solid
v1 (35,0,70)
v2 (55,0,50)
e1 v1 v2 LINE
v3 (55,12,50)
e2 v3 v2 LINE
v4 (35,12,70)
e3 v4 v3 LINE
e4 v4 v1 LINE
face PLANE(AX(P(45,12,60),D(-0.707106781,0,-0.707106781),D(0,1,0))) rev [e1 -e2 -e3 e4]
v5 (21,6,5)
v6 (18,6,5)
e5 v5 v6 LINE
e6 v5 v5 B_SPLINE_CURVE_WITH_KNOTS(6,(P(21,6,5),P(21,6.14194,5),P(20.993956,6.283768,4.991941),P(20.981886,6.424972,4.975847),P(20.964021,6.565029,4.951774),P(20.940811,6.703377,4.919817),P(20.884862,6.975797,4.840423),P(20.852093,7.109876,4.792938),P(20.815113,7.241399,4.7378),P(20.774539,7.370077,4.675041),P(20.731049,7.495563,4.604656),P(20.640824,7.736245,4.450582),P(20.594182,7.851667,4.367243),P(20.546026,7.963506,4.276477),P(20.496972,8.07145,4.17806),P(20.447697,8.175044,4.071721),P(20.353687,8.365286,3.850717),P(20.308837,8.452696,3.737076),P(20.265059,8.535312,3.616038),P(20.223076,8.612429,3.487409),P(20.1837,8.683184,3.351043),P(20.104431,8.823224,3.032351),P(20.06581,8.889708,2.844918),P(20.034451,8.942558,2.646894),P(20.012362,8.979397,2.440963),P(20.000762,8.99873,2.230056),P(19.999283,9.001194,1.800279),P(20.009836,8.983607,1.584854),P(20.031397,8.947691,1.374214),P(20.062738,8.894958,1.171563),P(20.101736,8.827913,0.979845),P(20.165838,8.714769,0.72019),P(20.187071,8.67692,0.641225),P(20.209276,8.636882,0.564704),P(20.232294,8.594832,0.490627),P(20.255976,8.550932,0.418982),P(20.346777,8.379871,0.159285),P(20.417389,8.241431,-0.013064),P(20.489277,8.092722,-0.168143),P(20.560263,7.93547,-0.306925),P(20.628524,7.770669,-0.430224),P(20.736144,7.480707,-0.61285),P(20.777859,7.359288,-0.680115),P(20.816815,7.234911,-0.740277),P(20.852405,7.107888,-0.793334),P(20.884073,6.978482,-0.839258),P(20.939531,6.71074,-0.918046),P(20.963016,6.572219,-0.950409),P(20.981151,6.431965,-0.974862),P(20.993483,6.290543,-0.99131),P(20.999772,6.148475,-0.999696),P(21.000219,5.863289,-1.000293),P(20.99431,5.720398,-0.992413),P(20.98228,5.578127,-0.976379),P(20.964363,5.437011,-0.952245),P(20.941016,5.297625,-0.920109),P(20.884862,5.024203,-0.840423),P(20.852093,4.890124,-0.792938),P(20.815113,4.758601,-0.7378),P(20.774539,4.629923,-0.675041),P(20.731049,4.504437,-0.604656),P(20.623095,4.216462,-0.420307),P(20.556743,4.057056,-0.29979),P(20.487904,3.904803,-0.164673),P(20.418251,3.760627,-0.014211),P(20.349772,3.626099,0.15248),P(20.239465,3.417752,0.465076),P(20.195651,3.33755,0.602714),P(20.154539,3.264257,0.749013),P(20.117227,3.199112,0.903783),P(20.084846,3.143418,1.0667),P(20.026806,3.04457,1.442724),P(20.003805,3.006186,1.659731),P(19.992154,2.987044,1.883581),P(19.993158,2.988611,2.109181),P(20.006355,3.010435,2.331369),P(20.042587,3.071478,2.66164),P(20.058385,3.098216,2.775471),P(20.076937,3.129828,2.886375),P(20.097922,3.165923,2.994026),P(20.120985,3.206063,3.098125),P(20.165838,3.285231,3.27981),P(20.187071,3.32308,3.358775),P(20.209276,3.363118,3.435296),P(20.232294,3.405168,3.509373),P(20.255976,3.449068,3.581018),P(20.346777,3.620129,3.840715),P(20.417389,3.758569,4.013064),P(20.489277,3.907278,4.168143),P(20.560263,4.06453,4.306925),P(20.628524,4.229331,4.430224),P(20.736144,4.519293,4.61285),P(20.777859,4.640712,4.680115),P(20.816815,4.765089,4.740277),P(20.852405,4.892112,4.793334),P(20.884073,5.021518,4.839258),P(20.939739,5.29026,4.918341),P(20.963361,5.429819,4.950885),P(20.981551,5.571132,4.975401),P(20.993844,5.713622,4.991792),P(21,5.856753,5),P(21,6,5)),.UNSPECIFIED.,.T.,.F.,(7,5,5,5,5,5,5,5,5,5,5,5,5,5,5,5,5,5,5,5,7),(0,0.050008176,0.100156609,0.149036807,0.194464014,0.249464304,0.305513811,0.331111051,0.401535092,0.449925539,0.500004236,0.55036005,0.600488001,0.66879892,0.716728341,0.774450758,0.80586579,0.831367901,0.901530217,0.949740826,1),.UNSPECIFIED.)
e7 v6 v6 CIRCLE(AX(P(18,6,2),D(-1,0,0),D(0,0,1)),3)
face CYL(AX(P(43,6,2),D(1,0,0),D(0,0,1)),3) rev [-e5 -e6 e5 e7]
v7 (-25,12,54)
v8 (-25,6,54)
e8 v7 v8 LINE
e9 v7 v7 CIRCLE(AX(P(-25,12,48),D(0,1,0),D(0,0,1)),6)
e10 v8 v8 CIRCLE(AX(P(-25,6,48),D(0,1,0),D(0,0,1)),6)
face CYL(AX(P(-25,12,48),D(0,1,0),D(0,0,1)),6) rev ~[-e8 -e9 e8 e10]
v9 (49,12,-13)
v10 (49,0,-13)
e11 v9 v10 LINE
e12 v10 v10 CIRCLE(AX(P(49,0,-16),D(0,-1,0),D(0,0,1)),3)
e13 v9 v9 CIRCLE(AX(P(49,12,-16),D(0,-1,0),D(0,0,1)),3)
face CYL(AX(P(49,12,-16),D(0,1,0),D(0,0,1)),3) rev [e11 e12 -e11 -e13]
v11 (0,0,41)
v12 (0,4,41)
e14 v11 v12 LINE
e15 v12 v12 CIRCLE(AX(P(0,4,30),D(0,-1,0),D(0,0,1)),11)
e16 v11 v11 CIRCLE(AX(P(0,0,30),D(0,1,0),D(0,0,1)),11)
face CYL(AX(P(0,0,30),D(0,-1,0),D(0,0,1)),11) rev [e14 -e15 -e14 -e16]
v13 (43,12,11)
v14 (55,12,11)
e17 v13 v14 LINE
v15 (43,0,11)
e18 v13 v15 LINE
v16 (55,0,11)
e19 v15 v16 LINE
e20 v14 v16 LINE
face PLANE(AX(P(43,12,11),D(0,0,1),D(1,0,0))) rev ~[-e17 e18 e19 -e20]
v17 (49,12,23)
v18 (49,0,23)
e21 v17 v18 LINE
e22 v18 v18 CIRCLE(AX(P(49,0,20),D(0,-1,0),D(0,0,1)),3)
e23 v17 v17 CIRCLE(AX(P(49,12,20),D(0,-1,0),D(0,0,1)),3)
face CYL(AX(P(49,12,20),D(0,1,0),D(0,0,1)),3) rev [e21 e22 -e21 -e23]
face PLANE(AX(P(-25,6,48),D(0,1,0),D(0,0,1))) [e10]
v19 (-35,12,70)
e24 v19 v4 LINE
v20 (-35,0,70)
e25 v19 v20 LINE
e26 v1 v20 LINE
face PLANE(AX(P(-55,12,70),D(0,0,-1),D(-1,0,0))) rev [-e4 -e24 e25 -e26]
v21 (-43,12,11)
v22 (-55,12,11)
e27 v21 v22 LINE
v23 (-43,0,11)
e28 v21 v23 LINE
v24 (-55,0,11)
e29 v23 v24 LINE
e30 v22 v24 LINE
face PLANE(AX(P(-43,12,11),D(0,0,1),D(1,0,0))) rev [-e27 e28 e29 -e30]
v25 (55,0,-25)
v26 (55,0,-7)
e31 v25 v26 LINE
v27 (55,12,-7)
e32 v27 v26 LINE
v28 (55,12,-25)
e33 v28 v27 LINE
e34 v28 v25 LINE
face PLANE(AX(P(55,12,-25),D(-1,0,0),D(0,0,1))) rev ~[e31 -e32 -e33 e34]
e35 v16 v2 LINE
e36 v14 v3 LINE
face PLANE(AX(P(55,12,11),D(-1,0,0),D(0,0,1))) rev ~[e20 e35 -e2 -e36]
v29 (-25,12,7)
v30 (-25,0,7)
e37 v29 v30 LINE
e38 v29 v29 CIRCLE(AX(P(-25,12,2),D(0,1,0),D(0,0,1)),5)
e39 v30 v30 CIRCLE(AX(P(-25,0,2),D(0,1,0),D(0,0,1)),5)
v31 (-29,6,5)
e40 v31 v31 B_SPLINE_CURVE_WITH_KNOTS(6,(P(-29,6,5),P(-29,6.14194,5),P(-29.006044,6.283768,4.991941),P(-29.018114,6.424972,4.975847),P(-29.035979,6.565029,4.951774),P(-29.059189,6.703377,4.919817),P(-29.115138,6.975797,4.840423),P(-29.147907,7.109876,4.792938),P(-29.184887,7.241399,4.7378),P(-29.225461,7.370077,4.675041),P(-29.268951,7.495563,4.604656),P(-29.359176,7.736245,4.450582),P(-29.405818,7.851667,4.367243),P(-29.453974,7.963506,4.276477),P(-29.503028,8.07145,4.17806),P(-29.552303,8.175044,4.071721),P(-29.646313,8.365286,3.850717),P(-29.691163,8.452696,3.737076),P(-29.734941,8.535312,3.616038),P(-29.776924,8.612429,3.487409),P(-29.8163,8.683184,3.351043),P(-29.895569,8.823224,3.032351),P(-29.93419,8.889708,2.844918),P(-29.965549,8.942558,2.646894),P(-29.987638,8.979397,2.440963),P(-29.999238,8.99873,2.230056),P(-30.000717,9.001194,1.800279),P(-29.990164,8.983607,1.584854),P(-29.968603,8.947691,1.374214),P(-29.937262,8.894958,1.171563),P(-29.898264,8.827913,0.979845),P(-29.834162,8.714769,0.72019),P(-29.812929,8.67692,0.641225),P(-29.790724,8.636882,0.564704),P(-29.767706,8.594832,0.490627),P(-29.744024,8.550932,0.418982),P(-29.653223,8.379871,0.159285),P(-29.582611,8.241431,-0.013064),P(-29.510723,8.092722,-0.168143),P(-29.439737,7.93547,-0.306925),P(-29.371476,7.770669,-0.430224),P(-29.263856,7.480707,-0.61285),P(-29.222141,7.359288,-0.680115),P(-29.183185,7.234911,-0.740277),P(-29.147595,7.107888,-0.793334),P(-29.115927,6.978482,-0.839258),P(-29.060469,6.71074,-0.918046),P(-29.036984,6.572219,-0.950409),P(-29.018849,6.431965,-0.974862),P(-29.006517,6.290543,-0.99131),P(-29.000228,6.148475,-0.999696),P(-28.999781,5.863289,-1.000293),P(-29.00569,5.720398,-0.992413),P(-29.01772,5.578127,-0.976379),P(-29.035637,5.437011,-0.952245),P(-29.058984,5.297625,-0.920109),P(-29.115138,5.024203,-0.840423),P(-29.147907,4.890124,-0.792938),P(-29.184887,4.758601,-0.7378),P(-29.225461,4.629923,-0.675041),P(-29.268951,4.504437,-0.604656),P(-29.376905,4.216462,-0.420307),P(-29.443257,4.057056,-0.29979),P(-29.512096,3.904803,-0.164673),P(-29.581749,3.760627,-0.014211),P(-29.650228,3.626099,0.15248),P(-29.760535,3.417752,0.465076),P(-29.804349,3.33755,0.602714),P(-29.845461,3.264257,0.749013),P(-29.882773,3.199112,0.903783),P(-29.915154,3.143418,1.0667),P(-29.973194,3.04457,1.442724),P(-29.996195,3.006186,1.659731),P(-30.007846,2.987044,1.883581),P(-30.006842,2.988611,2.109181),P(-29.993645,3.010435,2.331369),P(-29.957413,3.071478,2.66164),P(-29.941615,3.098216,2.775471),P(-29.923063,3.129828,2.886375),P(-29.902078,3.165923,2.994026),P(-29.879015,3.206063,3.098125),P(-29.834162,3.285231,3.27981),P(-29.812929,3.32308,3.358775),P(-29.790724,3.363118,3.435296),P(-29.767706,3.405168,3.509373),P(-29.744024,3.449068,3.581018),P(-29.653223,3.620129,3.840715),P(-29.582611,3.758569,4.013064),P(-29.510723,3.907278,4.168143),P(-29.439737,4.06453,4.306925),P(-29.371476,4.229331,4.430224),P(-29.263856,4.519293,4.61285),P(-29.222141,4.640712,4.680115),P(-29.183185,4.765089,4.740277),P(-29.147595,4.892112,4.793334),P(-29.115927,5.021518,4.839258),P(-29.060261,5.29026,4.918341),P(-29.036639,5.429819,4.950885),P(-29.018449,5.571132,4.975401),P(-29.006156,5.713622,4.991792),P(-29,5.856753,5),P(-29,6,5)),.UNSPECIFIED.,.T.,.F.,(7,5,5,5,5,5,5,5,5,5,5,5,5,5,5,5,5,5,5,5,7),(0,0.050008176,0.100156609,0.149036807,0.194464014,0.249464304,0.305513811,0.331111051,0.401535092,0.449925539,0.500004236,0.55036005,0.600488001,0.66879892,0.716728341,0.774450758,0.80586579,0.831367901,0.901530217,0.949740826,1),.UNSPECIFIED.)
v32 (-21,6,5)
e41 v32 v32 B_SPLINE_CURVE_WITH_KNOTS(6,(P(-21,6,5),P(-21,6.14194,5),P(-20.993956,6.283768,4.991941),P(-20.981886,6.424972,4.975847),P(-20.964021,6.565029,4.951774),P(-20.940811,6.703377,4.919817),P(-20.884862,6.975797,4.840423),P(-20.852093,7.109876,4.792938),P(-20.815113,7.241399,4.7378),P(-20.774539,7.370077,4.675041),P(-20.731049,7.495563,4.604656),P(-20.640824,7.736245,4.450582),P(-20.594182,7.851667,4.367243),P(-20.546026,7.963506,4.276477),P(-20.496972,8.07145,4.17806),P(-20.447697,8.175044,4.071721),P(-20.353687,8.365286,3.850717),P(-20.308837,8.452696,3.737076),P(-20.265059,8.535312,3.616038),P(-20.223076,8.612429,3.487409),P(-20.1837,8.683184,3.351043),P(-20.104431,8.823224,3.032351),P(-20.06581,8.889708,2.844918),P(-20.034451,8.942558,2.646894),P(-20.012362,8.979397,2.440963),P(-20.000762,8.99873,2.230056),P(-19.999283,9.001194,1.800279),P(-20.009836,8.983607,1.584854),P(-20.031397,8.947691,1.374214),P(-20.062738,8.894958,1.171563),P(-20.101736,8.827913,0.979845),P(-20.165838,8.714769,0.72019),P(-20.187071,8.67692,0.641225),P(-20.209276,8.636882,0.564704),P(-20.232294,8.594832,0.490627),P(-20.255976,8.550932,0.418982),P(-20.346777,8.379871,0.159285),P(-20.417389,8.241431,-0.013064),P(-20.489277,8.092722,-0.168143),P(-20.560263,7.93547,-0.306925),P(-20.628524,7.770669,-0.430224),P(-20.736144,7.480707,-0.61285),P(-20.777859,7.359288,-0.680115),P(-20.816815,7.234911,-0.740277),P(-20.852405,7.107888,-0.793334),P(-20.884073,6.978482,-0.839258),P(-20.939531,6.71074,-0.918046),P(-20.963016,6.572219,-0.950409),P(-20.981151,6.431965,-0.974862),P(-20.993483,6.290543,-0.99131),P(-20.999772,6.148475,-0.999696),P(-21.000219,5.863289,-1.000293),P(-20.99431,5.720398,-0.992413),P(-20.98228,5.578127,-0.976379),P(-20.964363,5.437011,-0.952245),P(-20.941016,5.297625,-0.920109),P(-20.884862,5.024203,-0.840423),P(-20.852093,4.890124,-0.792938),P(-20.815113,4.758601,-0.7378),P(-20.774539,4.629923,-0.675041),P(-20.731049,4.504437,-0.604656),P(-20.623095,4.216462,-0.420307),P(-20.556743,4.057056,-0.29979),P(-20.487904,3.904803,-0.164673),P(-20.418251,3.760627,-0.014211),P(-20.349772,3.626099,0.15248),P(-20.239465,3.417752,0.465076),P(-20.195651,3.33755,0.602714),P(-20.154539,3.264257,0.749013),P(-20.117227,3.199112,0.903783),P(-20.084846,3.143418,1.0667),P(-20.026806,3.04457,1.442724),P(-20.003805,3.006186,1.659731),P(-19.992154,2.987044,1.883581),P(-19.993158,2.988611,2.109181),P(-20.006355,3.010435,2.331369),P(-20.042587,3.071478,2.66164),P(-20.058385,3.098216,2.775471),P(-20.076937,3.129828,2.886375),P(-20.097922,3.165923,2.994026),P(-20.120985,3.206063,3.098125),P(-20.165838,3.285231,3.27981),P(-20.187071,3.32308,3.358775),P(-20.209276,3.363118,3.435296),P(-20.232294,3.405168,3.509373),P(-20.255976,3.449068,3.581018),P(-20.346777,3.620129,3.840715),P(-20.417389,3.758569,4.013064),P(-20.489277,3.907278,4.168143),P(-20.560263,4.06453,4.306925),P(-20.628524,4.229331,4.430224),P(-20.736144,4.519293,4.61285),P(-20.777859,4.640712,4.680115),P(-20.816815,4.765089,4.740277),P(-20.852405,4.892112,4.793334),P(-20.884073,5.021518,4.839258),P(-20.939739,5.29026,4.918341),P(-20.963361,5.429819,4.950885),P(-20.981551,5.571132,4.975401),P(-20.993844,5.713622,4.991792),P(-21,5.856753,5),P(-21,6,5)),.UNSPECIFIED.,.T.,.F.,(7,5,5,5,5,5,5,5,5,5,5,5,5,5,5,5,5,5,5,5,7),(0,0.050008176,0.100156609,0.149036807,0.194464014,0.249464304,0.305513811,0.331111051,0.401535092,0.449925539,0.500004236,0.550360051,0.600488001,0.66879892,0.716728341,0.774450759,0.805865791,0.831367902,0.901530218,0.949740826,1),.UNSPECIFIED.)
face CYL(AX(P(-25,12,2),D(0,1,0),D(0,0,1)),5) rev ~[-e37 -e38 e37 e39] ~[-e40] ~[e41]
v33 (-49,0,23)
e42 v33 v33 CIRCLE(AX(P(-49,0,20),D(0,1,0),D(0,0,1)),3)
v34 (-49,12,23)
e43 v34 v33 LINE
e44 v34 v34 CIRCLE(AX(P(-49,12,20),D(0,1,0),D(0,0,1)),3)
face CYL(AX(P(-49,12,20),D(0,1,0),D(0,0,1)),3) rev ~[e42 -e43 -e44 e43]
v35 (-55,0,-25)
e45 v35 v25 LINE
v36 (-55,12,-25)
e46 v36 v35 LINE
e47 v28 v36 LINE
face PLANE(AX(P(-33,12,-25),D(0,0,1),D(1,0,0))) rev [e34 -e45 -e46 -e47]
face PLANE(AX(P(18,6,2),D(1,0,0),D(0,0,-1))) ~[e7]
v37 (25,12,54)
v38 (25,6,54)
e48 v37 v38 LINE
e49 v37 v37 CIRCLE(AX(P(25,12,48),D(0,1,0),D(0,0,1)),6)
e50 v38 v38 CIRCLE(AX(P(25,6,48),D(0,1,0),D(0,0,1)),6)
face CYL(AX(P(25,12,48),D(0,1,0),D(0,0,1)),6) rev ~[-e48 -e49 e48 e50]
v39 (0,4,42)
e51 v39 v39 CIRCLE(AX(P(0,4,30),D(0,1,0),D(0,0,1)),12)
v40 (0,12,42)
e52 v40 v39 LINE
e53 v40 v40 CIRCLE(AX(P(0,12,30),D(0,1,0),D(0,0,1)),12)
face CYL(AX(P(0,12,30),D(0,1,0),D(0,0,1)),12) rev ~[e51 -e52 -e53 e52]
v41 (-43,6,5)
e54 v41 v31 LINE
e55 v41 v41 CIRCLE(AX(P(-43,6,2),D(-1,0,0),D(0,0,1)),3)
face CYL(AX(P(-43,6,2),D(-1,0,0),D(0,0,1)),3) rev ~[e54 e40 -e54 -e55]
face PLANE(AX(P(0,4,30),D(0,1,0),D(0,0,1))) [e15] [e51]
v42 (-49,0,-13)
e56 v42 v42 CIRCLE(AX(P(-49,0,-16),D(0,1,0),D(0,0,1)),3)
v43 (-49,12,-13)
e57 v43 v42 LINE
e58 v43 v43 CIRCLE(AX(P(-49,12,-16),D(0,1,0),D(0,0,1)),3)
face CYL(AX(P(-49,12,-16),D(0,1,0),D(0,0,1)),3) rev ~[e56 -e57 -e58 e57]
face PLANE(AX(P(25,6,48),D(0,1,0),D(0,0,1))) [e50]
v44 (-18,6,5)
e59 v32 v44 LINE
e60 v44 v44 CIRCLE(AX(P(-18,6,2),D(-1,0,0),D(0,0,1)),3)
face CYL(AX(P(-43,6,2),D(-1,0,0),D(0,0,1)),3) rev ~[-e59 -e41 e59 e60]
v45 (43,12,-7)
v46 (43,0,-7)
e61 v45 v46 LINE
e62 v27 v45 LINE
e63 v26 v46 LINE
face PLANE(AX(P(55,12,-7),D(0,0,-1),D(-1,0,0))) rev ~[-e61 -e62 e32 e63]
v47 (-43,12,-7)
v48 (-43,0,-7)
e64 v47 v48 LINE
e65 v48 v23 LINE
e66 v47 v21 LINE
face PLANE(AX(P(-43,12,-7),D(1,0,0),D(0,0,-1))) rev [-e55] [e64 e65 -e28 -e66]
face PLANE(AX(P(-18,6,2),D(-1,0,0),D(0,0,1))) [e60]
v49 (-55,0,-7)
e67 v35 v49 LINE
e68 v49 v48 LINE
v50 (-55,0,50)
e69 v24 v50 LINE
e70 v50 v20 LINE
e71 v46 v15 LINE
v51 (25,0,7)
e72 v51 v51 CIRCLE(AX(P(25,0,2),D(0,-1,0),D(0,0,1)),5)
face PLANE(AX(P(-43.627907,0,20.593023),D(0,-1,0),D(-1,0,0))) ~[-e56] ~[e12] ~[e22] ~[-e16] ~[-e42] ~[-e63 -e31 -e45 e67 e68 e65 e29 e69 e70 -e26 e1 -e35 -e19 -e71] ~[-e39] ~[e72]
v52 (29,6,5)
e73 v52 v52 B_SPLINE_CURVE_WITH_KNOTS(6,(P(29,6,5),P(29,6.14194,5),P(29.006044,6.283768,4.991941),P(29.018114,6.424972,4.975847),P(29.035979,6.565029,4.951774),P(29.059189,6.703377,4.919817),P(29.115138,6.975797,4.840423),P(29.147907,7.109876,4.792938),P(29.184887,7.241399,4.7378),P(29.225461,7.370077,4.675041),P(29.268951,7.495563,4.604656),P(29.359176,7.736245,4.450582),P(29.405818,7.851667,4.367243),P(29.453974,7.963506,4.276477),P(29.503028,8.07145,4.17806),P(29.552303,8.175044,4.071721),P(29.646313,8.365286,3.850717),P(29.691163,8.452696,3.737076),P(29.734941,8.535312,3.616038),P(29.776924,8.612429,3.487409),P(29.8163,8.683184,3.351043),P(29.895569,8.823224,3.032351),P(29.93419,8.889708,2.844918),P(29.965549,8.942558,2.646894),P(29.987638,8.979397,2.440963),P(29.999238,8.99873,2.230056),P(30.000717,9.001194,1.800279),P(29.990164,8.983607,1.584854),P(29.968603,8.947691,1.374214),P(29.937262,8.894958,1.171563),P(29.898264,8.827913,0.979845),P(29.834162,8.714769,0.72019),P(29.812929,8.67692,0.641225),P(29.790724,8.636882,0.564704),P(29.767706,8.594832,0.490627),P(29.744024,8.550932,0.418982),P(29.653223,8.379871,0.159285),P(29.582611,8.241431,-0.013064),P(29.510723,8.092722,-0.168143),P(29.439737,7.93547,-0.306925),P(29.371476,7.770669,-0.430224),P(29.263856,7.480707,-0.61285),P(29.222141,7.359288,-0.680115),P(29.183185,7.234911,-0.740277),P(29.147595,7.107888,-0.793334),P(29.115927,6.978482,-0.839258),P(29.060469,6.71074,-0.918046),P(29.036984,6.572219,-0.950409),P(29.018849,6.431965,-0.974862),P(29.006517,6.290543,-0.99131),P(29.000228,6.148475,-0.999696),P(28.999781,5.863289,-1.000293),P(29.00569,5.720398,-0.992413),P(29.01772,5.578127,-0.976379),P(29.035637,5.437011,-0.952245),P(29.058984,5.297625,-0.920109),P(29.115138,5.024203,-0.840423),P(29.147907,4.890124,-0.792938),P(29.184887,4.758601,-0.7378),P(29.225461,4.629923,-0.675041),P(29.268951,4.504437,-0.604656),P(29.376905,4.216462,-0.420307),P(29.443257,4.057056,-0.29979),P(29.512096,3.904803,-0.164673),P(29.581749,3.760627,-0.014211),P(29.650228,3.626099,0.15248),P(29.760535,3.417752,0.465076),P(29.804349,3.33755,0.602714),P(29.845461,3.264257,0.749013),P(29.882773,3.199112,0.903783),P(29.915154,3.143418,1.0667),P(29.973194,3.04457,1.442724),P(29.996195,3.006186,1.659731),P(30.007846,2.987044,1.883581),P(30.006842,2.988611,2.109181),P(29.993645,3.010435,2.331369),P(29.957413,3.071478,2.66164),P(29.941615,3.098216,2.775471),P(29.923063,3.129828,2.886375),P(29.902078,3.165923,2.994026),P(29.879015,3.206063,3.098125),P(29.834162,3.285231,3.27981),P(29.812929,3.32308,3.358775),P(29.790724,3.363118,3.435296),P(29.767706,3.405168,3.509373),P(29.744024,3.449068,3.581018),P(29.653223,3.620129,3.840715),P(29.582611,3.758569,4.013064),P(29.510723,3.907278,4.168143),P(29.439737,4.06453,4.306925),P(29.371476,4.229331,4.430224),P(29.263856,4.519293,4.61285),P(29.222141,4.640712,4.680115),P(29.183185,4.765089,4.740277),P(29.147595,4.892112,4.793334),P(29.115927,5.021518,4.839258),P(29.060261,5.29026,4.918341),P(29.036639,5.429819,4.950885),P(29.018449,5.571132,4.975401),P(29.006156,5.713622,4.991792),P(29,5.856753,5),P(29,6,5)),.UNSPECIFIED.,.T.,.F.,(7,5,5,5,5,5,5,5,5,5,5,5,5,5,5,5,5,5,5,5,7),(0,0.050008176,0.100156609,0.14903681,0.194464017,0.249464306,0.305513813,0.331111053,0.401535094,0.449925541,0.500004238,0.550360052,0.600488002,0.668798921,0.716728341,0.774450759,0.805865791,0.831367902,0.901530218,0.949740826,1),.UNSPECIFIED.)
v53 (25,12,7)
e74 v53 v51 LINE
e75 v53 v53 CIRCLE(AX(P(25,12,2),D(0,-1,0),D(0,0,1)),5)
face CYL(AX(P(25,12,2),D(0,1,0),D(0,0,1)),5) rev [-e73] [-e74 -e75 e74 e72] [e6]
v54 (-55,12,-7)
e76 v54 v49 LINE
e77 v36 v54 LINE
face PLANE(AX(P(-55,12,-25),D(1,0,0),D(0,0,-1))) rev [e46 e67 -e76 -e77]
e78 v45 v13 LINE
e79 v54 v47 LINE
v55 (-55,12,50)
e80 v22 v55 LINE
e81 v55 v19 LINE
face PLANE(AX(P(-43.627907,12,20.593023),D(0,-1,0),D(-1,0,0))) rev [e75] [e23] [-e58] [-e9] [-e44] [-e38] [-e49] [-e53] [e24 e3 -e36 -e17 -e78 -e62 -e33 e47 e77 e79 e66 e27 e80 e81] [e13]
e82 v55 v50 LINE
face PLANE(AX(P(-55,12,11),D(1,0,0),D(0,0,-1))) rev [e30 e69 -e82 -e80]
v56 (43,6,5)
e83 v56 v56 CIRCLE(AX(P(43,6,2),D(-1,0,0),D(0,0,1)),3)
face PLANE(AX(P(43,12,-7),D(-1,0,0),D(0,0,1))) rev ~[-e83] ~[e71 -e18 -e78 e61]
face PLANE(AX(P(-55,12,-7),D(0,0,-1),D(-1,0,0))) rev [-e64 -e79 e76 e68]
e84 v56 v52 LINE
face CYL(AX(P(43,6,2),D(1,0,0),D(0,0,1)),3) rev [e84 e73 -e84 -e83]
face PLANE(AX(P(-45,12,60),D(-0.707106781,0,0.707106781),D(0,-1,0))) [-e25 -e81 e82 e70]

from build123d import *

# Parameters (mm, degrees)
SKETCH1_W           = 66
SKETCH1_H           = 95
SKETCH1_R           = 11
BOSS_EXTRUDE1_DEPTH = 12
BOSS_EXTRUDE3_DEPTH = 12
SKETCH4_R           = 12
CUT_EXTRUDE1_DEPTH  = 8
SKETCH6_R           = 6
CUT_EXTRUDE2_DEPTH  = 6
CHAMFER1_SIZE       = 20
CUT_EXTRUDE3_REACH  = 91.828
SKETCH7_R           = 3
SKETCH7_R_2         = 5
SKETCH9_R           = 3
CUT_EXTRUDE5_DEPTH  = 25


with BuildPart() as part:
    # Sketch1 → Boss-Extrude1 (new body)
    with BuildSketch(Plane(origin=(0, 0, 0), x_dir=(1, 0, 0), z_dir=(0, 1, 0))):
        with Locations((0, -22.5)):
            Rectangle(SKETCH1_W, SKETCH1_H)
        with Locations(Location((0, -30, 0), (0, 0, 270))):
            Circle(SKETCH1_R, mode=Mode.SUBTRACT)
    extrude(amount=BOSS_EXTRUDE1_DEPTH)

    # Sketch3 → Boss-Extrude3 (add)
    with BuildSketch(Plane(origin=(0, 12, 0), x_dir=(1, 0, 0), z_dir=(0, 1, 0))):
        Polygon((55, 7), (43, 7), (43, -11), (55, -11), (55, -70), (33, -70), (33, 25), (55, 25), align=None)
    boss_extrude3 = extrude(amount=-BOSS_EXTRUDE3_DEPTH)

    # Mirror1: Boss-Extrude3 across plane
    add(boss_extrude3.mirror(Plane(origin=(0, 0, 0), x_dir=(0, 0, 1), z_dir=(1, 0, 0))))

    # Sketch4 → Cut-Extrude1 (cut)
    with BuildSketch(Plane(origin=(0, 12, 0), x_dir=(1, 0, 0), z_dir=(0, 1, 0))):
        with Locations(Location((0, -30, 0), (0, 0, 270))):
            Circle(SKETCH4_R)
    extrude(amount=-CUT_EXTRUDE1_DEPTH, mode=Mode.SUBTRACT)

    # Sketch6 → Cut-Extrude2 (cut)
    with BuildSketch(Plane(origin=(0, 12, 0), x_dir=(1, 0, 0), z_dir=(0, 1, 0))):
        with Locations(Location((-25, -48, 0), (0, 0, 270))):
            Circle(SKETCH6_R)
        with Locations(Location((25, -48, 0), (0, 0, 270))):
            Circle(SKETCH6_R)
    extrude(amount=-CUT_EXTRUDE2_DEPTH, mode=Mode.SUBTRACT)

    # Chamfer1
    chamfer1_edges = [part.edges().sort_by_distance(p)[0] for p in [
        (55, 6, 70),
        (-55, 6, 70),
    ]]
    chamfer(chamfer1_edges, length=CHAMFER1_SIZE)

    # Sketch7 → Cut-Extrude3 (cut, up to next)
    with BuildSketch(Plane(origin=(0, 12, 0), x_dir=(1, 0, 0), z_dir=(0, 1, 0)), mode=Mode.PRIVATE) as cut_extrude3_sk1:
        with Locations(Location((-49, 16, 0), (0, 0, 270))):
            Circle(SKETCH7_R)
    cut_extrude3_tool1 = extrude(cut_extrude3_sk1.sketch, amount=-CUT_EXTRUDE3_REACH, mode=Mode.PRIVATE) & part.part
    # Sketch7 → Cut-Extrude3 (cut, up to next)
    with BuildSketch(Plane(origin=(0, 12, 0), x_dir=(1, 0, 0), z_dir=(0, 1, 0)), mode=Mode.PRIVATE) as cut_extrude3_sk2:
        with Locations(Location((-49, -20, 0), (0, 0, 270))):
            Circle(SKETCH7_R)
    cut_extrude3_tool2 = extrude(cut_extrude3_sk2.sketch, amount=-CUT_EXTRUDE3_REACH, mode=Mode.PRIVATE) & part.part
    # Sketch7 → Cut-Extrude3 (cut, up to next)
    with BuildSketch(Plane(origin=(0, 12, 0), x_dir=(1, 0, 0), z_dir=(0, 1, 0)), mode=Mode.PRIVATE) as cut_extrude3_sk3:
        with Locations(Location((-25, -2, 0), (0, 0, 270))):
            Circle(SKETCH7_R_2)
    cut_extrude3_tool3 = extrude(cut_extrude3_sk3.sketch, amount=-CUT_EXTRUDE3_REACH, mode=Mode.PRIVATE) & part.part
    cut_extrude3_1 = cut_extrude3_tool1.solids().sort_by_distance((-49, 12, -16))[0]
    add(cut_extrude3_1, mode=Mode.SUBTRACT)
    cut_extrude3_2 = cut_extrude3_tool2.solids().sort_by_distance((-49, 12, 20))[0]
    add(cut_extrude3_2, mode=Mode.SUBTRACT)
    cut_extrude3_3 = cut_extrude3_tool3.solids().sort_by_distance((-25, 12, 2))[0]
    add(cut_extrude3_3, mode=Mode.SUBTRACT)
    cut_extrude3 = cut_extrude3_1 + cut_extrude3_2 + cut_extrude3_3  # Cut-Extrude3 as one shape, for the pattern or mirror that repeats it

    # Sketch9 → Cut-Extrude5 (cut)
    with BuildSketch(Plane.ZY.offset(43)):
        with Locations((2, 6)):
            Circle(SKETCH9_R)
    cut_extrude5 = extrude(amount=-CUT_EXTRUDE5_DEPTH, mode=Mode.SUBTRACT)

    # Mirror2: Cut-Extrude3, Cut-Extrude5 across plane
    add(cut_extrude3.mirror(Plane(origin=(0, 0, 0), x_dir=(0, 0, 1), z_dir=(1, 0, 0))), mode=Mode.SUBTRACT)
    add(cut_extrude5.mirror(Plane(origin=(0, 0, 0), x_dir=(0, 0, 1), z_dir=(1, 0, 0))), mode=Mode.SUBTRACT)


solid = part.part
